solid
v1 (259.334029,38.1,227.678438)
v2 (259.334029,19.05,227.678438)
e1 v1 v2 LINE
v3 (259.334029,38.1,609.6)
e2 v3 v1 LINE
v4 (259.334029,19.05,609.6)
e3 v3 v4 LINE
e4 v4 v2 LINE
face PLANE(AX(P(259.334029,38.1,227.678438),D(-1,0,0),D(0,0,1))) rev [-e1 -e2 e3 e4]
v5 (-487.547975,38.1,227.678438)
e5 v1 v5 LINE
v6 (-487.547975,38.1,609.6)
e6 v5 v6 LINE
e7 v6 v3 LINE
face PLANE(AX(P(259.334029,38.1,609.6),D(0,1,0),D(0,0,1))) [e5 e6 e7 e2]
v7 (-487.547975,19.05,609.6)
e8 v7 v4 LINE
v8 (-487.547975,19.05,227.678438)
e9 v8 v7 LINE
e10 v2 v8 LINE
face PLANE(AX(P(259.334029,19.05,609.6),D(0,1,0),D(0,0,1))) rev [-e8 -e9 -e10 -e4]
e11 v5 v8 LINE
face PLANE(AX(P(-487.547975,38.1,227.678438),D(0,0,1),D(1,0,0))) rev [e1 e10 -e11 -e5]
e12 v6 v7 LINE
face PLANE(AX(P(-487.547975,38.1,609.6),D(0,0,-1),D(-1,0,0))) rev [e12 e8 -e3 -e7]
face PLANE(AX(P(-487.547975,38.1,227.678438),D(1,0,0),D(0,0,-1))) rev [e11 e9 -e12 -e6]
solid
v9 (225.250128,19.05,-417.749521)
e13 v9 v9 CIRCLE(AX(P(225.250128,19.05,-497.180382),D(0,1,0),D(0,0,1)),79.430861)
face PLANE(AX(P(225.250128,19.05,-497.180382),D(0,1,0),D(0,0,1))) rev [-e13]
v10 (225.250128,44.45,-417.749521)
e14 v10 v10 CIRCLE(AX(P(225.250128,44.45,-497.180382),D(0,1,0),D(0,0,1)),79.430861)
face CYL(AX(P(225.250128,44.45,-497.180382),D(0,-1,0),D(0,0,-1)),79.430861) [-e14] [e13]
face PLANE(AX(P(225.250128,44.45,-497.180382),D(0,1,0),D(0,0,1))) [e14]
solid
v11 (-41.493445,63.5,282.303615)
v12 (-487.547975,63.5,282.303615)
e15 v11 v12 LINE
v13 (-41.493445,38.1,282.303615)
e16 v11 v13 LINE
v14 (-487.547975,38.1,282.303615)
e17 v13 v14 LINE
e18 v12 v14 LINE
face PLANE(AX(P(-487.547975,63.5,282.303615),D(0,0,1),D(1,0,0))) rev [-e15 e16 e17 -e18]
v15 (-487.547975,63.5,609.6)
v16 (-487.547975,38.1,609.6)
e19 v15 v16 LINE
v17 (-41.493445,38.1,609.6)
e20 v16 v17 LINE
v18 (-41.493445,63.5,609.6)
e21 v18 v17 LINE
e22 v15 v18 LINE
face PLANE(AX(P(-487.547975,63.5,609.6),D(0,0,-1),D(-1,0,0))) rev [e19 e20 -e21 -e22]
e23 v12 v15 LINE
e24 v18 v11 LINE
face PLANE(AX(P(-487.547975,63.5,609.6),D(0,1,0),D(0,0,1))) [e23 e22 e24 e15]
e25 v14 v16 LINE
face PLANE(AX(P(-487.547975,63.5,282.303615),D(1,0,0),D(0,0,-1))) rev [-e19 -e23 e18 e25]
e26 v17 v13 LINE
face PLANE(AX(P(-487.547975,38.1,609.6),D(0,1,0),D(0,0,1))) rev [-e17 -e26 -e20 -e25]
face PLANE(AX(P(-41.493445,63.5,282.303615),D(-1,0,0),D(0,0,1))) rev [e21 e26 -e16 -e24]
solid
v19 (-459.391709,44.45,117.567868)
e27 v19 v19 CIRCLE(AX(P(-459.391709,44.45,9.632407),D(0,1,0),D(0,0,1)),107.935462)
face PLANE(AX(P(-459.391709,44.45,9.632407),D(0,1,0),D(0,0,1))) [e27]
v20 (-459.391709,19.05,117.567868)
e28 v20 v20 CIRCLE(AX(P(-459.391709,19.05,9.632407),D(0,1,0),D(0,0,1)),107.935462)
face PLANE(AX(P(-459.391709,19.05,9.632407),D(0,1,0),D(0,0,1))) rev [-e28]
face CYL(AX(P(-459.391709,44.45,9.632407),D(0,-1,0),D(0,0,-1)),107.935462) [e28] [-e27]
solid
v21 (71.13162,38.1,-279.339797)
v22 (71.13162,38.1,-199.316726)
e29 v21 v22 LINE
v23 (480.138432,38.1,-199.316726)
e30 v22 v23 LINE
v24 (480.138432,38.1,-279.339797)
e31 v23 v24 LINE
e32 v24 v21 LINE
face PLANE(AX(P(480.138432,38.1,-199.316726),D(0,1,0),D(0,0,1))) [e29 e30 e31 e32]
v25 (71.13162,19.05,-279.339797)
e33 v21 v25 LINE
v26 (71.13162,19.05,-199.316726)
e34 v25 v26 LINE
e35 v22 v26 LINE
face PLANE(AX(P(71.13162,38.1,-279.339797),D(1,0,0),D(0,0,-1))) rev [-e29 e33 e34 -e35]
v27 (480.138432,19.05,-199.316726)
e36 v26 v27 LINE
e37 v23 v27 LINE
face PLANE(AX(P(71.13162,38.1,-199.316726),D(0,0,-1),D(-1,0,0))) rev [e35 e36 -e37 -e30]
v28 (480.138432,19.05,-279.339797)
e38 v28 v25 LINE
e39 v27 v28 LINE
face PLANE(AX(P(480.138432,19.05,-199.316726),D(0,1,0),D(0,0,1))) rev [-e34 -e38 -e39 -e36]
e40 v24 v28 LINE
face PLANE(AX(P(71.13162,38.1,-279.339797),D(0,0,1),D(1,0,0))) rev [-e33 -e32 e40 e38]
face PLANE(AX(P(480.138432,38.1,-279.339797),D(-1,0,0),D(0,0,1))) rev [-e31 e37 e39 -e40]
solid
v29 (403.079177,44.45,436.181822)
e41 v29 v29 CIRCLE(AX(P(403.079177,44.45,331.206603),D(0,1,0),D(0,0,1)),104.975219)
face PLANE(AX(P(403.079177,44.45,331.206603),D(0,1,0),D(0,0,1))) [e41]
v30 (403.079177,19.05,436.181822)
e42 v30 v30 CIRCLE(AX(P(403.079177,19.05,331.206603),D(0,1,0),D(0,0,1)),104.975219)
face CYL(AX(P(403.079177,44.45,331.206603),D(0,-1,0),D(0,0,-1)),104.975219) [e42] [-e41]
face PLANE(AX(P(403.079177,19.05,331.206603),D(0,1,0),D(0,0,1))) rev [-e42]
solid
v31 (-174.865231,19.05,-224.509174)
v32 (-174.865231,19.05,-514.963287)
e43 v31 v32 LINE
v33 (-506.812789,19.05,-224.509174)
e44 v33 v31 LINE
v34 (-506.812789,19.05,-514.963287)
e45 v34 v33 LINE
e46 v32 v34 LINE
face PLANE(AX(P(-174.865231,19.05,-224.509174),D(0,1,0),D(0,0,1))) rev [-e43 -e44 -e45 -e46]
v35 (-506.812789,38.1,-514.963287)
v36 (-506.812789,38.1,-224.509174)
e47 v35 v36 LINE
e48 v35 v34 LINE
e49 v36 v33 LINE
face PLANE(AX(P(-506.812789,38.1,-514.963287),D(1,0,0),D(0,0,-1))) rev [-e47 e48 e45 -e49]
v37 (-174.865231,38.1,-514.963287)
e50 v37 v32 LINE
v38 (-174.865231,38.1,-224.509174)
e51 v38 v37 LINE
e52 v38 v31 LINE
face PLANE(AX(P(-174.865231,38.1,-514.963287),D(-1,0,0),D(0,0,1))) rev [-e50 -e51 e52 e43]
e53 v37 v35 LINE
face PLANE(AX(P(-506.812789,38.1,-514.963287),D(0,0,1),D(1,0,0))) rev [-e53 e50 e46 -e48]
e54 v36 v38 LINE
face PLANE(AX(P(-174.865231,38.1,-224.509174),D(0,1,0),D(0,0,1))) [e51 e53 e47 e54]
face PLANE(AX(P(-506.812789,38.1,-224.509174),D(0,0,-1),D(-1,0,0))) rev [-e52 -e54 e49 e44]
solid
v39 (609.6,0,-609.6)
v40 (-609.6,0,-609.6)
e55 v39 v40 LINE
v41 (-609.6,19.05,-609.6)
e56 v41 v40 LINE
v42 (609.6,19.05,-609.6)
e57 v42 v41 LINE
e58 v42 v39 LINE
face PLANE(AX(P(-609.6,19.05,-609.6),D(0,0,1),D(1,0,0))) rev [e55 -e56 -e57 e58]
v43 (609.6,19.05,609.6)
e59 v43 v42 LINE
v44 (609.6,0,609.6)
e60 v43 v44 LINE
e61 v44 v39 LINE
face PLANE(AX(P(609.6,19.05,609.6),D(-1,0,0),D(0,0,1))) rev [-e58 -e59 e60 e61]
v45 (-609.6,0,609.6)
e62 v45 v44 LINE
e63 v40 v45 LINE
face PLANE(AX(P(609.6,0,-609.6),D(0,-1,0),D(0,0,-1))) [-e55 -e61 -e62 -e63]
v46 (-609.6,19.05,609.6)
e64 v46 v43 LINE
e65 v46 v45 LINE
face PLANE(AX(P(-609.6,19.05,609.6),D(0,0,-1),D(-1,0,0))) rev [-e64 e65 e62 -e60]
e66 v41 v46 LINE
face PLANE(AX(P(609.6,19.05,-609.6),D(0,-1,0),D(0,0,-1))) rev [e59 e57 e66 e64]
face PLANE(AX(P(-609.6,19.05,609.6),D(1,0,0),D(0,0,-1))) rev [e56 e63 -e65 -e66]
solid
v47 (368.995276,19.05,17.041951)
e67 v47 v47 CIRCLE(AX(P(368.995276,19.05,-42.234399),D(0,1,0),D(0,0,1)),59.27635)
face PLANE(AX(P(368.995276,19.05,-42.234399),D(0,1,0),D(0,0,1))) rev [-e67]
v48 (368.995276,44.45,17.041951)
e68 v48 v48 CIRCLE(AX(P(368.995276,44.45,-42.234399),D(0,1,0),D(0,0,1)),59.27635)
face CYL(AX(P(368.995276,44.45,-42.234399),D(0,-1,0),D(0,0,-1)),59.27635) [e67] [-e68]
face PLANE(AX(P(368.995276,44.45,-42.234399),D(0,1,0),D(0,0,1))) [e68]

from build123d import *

# Parameters (mm, degrees)
SKETCH1_W        = 1219.2
SKETCH1_H        = 1219.2
EXTRUDE1_DEPTH   = 19.05
SKETCH2_W        = 331.947557721
SKETCH2_H        = 290.454113006
EXTRUDE2_DEPTH   = 19.05
SKETCH2_W_2      = 409.006812192
SKETCH2_H_2      = 80.02307195
EXTRUDE2_2_DEPTH = 19.05
SKETCH2_W_3      = 746.882004873
SKETCH2_H_3      = 381.921561998
EXTRUDE2_3_DEPTH = 19.05
SKETCH3_W        = 446.054530688
SKETCH3_H        = 327.296385063
EXTRUDE3_DEPTH   = 25.4
SKETCH4_R        = 107.935461677
EXTRUDE4_DEPTH   = 25.4
SKETCH4_R_2      = 59.276349593
EXTRUDE4_2_DEPTH = 25.4
SKETCH4_R_3      = 79.430861404
EXTRUDE4_3_DEPTH = 25.4
SKETCH4_R_4      = 104.975218643
EXTRUDE4_4_DEPTH = 25.4


with BuildPart() as part:
    # Sketch1 → Extrude1 (new body)
    with BuildSketch(Plane(origin=(0, 0, 0), x_dir=(1, 0, 0), z_dir=(0, 1, 0))):
        Rectangle(SKETCH1_W, SKETCH1_H)
    extrude(amount=EXTRUDE1_DEPTH)


with BuildPart() as body_2:
    # Sketch2 → Extrude2 (new body)
    with BuildSketch(Plane(origin=(0, 19.05, 0), x_dir=(1, 0, 0), z_dir=(0, 1, 0))):
        with Locations((-340.839010161, 369.736230587)):
            Rectangle(SKETCH2_W, SKETCH2_H)
    extrude(amount=EXTRUDE2_DEPTH)


with BuildPart() as body_3:
    # Sketch2 → Extrude2 2 (new body)
    with BuildSketch(Plane(origin=(0, 19.05, 0), x_dir=(1, 0, 0), z_dir=(0, 1, 0))):
        with Locations((275.635025608, 239.328261482)):
            Rectangle(SKETCH2_W_2, SKETCH2_H_2)
    extrude(amount=EXTRUDE2_2_DEPTH)


with BuildPart() as body_4:
    # Sketch2 → Extrude2 3 (new body)
    with BuildSketch(Plane(origin=(0, 19.05, 0), x_dir=(1, 0, 0), z_dir=(0, 1, 0))):
        with Locations((-114.106972966, -418.639219001)):
            Rectangle(SKETCH2_W_3, SKETCH2_H_3)
    extrude(amount=EXTRUDE2_3_DEPTH)


with BuildPart() as body_5:
    # Sketch3 → Extrude3 (new body)
    with BuildSketch(Plane(origin=(0, 38.1, 0), x_dir=(1, 0, 0), z_dir=(0, 1, 0))):
        with Locations((-264.520710059, -445.951807469)):
            Rectangle(SKETCH3_W, SKETCH3_H)
    extrude(amount=EXTRUDE3_DEPTH)


with BuildPart() as body_6:
    # Sketch4 → Extrude4 (new body)
    with BuildSketch(Plane(origin=(0, 19.05, 0), x_dir=(1, 0, 0), z_dir=(0, 1, 0))):
        with Locations(Location((-459.391709346, -9.632406809, 0), (0, 0, 270))):  # turned: the seam where the file's is
            Circle(SKETCH4_R)
    extrude(amount=EXTRUDE4_DEPTH)


with BuildPart() as body_7:
    # Sketch4 → Extrude4 2 (new body)
    with BuildSketch(Plane(origin=(0, 19.05, 0), x_dir=(1, 0, 0), z_dir=(0, 1, 0))):
        with Locations(Location((368.995276217, 42.234399085, 0), (0, 0, 270))):  # turned: the seam where the file's is
            Circle(SKETCH4_R_2)
    extrude(amount=EXTRUDE4_2_DEPTH)


with BuildPart() as body_8:
    # Sketch4 → Extrude4 3 (new body)
    with BuildSketch(Plane(origin=(0, 19.05, 0), x_dir=(1, 0, 0), z_dir=(0, 1, 0))):
        with Locations(Location((225.250128454, 497.180382212, 0), (0, 0, 270))):  # turned: the seam where the file's is
            Circle(SKETCH4_R_3)
    extrude(amount=EXTRUDE4_3_DEPTH)


with BuildPart() as body_9:
    # Sketch4 → Extrude4 4 (new body)
    with BuildSketch(Plane(origin=(0, 19.05, 0), x_dir=(1, 0, 0), z_dir=(0, 1, 0))):
        with Locations(Location((403.079177233, -331.206603351, 0), (0, 0, 270))):  # turned: the seam where the file's is
            Circle(SKETCH4_R_4)
    extrude(amount=EXTRUDE4_4_DEPTH)


solid = Compound([part.part, body_2.part, body_3.part, body_4.part, body_5.part, body_6.part, body_7.part, body_8.part, body_9.part])
